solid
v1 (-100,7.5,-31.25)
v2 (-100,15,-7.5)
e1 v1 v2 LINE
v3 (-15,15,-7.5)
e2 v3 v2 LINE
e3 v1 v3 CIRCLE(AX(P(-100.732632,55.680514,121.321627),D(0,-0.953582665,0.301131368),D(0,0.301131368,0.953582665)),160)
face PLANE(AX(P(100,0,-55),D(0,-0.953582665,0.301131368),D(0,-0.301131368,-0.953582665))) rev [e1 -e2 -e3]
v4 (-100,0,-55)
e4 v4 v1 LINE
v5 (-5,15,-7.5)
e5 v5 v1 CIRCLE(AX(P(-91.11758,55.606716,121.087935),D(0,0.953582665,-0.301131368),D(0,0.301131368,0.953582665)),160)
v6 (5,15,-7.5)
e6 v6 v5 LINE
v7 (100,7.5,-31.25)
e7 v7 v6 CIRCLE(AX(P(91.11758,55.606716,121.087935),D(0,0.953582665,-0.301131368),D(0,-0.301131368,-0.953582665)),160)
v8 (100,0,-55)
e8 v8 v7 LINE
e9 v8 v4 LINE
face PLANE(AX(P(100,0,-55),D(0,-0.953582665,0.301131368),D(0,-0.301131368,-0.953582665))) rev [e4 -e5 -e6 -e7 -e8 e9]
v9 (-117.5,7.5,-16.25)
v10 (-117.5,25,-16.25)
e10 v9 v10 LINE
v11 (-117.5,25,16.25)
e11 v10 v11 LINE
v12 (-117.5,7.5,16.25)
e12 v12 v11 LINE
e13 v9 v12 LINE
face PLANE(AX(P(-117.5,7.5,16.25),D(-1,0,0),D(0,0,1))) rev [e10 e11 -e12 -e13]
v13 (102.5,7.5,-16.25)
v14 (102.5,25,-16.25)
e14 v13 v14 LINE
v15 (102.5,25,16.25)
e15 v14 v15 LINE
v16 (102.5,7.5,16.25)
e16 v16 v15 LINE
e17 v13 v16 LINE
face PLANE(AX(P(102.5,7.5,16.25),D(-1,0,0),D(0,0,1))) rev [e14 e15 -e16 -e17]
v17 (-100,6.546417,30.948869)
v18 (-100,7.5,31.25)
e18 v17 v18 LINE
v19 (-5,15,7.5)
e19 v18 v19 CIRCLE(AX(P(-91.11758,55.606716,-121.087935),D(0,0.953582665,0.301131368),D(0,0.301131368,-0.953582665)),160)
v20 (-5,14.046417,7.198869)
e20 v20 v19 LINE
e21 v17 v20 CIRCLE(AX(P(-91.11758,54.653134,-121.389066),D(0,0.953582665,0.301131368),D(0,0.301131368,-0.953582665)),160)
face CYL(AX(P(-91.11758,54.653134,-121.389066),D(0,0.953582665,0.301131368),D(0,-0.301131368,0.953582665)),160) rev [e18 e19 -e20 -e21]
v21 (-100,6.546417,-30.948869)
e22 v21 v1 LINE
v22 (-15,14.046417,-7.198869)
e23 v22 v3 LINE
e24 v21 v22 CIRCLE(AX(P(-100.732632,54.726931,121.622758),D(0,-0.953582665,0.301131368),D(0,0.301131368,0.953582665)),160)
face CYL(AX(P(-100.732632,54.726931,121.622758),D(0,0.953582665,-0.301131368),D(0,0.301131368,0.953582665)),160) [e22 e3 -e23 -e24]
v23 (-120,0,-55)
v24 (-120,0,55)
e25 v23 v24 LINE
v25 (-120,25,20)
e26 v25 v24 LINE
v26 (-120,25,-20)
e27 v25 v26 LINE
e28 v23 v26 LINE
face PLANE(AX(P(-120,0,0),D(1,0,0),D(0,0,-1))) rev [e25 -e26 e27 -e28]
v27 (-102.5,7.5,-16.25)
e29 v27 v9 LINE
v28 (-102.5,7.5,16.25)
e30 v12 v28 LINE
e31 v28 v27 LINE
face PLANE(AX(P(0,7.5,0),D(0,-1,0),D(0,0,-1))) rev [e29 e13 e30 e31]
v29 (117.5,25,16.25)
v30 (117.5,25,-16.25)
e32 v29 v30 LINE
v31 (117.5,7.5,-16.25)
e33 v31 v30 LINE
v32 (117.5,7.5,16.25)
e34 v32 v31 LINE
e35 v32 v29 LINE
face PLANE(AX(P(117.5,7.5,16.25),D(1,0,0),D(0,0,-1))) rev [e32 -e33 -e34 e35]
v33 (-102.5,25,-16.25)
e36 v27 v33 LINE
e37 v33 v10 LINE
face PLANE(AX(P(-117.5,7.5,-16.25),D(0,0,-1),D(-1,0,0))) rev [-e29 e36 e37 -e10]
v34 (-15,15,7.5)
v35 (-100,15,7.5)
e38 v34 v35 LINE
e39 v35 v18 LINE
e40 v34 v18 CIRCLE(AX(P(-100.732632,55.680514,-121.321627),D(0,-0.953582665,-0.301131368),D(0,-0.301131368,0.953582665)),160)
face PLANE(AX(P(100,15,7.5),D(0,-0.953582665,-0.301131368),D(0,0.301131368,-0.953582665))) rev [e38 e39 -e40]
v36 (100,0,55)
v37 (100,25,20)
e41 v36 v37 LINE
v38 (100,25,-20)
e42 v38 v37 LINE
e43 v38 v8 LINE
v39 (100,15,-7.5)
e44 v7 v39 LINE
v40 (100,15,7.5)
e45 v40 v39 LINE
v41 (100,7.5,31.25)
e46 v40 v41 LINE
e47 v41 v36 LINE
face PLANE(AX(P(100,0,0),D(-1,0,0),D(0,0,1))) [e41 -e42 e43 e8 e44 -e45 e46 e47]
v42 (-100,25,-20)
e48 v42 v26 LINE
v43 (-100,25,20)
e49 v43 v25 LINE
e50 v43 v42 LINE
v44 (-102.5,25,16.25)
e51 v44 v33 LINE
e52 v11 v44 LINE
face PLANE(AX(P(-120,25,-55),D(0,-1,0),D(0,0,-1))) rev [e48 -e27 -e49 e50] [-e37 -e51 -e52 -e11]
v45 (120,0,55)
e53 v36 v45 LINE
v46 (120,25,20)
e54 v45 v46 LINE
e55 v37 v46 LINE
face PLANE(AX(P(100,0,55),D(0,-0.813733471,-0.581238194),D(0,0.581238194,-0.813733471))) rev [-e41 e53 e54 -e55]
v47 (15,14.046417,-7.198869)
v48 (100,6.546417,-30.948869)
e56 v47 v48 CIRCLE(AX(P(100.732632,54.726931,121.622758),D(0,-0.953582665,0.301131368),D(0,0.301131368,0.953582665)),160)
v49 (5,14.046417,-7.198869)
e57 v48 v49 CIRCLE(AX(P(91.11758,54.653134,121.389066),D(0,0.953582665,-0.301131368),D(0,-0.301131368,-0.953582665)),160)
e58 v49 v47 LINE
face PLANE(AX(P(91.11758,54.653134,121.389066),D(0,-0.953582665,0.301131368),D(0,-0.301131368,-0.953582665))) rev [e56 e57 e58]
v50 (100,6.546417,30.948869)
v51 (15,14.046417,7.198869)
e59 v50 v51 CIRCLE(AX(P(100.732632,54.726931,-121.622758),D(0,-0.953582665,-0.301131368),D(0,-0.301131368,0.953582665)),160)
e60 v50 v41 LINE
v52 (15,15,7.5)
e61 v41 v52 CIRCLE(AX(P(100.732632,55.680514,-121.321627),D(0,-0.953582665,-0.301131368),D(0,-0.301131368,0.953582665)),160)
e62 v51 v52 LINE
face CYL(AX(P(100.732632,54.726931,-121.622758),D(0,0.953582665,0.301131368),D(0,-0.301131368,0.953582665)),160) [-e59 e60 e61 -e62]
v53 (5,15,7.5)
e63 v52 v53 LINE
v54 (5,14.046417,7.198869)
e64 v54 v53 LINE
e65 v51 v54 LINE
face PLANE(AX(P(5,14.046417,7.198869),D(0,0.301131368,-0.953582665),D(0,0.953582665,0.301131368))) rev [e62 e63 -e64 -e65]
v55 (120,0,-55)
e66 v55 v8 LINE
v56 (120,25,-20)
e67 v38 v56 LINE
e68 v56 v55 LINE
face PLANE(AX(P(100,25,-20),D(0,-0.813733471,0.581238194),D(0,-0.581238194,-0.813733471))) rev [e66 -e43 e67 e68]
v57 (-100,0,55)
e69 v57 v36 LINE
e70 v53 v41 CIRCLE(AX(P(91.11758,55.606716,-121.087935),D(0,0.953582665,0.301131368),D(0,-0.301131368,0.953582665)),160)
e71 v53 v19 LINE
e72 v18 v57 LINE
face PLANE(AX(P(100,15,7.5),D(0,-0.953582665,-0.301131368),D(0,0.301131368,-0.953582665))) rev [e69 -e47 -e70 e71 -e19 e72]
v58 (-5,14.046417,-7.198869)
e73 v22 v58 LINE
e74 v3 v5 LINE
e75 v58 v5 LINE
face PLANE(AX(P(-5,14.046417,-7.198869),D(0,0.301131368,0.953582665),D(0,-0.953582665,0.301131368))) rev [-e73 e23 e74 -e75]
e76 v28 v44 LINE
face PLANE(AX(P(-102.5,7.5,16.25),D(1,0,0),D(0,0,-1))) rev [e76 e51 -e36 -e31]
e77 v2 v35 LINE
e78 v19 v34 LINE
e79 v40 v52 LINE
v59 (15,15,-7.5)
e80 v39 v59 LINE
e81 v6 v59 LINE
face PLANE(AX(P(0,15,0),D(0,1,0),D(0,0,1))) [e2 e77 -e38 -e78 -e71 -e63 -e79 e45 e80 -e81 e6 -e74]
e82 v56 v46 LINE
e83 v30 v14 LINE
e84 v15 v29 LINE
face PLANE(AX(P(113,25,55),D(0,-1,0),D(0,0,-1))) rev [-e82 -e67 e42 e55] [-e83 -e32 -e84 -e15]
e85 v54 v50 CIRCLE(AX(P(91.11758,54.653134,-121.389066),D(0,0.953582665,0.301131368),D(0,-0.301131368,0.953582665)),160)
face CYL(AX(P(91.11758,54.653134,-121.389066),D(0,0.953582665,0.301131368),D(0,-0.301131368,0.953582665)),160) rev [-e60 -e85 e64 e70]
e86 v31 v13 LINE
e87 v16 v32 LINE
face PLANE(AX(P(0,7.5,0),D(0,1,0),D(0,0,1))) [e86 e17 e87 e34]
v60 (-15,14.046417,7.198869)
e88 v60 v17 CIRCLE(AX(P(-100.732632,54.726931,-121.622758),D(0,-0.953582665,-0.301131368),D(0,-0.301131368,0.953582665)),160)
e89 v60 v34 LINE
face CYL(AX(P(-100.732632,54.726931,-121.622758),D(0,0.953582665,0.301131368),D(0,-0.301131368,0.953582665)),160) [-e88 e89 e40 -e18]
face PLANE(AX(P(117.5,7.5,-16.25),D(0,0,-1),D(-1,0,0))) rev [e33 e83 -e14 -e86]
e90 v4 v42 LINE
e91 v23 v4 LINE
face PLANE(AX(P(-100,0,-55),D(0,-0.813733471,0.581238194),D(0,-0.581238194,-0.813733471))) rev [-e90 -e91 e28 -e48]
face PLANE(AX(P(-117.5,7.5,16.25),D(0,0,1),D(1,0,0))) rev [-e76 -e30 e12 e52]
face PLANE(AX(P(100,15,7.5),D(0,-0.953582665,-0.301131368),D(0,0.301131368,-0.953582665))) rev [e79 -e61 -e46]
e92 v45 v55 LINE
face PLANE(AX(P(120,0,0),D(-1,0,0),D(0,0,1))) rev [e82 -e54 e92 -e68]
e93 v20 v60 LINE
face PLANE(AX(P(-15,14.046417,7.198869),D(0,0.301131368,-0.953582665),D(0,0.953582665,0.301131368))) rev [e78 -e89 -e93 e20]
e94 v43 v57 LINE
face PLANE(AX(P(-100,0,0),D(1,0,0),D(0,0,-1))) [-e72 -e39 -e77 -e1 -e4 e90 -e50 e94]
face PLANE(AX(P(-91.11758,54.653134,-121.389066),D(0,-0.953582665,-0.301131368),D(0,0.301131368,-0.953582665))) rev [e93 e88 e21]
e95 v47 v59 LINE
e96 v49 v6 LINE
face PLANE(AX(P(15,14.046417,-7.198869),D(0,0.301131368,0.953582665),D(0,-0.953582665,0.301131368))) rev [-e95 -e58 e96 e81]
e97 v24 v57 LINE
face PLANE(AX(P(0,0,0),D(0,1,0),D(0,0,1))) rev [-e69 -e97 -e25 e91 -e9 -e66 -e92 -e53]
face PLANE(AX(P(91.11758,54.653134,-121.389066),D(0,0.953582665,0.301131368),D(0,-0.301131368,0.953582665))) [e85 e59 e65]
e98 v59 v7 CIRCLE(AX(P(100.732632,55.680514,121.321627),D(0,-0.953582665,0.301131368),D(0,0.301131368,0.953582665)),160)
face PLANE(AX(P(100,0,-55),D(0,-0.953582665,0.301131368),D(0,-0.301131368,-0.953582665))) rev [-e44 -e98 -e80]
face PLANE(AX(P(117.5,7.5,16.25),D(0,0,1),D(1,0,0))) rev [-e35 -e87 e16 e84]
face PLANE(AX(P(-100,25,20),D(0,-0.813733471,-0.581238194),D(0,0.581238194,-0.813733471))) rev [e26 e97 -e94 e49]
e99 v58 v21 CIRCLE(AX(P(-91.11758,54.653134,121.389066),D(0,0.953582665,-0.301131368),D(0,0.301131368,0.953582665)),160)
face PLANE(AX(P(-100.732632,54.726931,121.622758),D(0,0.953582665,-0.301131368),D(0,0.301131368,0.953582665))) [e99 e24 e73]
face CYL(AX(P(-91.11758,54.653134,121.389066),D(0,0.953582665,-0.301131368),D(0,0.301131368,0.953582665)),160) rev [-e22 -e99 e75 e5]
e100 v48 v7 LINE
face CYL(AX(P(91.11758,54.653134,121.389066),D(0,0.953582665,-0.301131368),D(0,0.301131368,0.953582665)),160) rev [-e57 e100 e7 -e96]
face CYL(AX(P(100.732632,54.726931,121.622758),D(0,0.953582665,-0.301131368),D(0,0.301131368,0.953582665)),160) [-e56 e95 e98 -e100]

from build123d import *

# Parameters (mm, degrees)
SKETCH2_W           = 200
SKETCH2_H           = 110
BOSS_EXTRUDE2_DEPTH = 15
SKETCH3_W           = 110
SKETCH3_H           = 25
BOSS_EXTRUDE3_DEPTH = 13
CUT_EXTRUDE1_DEPTH  = 200
SKETCH8_W           = 110
SKETCH8_H           = 25
BOSS_EXTRUDE5_DEPTH = 7
SKETCH9_W           = 15
SKETCH9_H           = 32.5
CUT_EXTRUDE2_DEPTH  = 17.5
SKETCH10_W          = 110
SKETCH10_H          = 25
BOSS_EXTRUDE6_DEPTH = 20
SKETCH11_W          = 15
SKETCH11_H          = 32.5
CUT_EXTRUDE3_DEPTH  = 17.5
CUT_EXTRUDE4_DEPTH  = 20
CUT_EXTRUDE5_DEPTH  = 20
CUT_EXTRUDE11_DEPTH = 1
CUT_EXTRUDE12_DEPTH = 1


with BuildPart() as part:
    # Sketch2 → Boss-Extrude2 (new body)
    with BuildSketch(Plane(origin=(0, 0, 0), x_dir=(1, 0, 0), z_dir=(0, 1, 0))):
        Rectangle(SKETCH2_W, SKETCH2_H)
    extrude(amount=BOSS_EXTRUDE2_DEPTH)

    # Sketch3 → Boss-Extrude3 (add)
    with BuildSketch(Plane(origin=(100, 0, 0), x_dir=(0, 0, -1), z_dir=(1, 0, 0))):
        with Locations((0, 12.5)):
            Rectangle(SKETCH3_W, SKETCH3_H)
    extrude(amount=BOSS_EXTRUDE3_DEPTH)

    # Sketch6 → Cut-Extrude1 (cut)
    with BuildSketch(Plane.ZY.offset(100)):
        Polygon((-55, 0), (-7.5, 15), (-55, 15), align=None)
        Polygon((7.5, 15), (55, 0), (55, 15), align=None)
    extrude(amount=-CUT_EXTRUDE1_DEPTH, mode=Mode.SUBTRACT)

    # Sketch8 → Boss-Extrude5 (add)
    with BuildSketch(Plane(origin=(113, 0, 0), x_dir=(0, 0, -1), z_dir=(1, 0, 0))):
        with Locations((0, 12.5)):
            Rectangle(SKETCH8_W, SKETCH8_H)
    extrude(amount=BOSS_EXTRUDE5_DEPTH)

    # Sketch9 → Cut-Extrude2 (cut)
    with BuildSketch(Plane(origin=(0, 25, 0), x_dir=(1, 0, 0), z_dir=(0, 1, 0))):
        with Locations((110, 0)):
            Rectangle(SKETCH9_W, SKETCH9_H)
    extrude(amount=-CUT_EXTRUDE2_DEPTH, mode=Mode.SUBTRACT)

    # Sketch10 → Boss-Extrude6 (add)
    with BuildSketch(Plane.ZY.offset(100)):
        with Locations((0, 12.5)):
            Rectangle(SKETCH10_W, SKETCH10_H)
    extrude(amount=BOSS_EXTRUDE6_DEPTH)

    # Sketch11 → Cut-Extrude3 (cut)
    with BuildSketch(Plane(origin=(0, 25, 0), x_dir=(1, 0, 0), z_dir=(0, 1, 0))):
        with Locations((-110, 0)):
            Rectangle(SKETCH11_W, SKETCH11_H)
    extrude(amount=-CUT_EXTRUDE3_DEPTH, mode=Mode.SUBTRACT)

    # Sketch12 → Cut-Extrude4 (cut)
    with BuildSketch(Plane.ZY.offset(120)):
        Polygon((20, 25), (55, 0), (55, 25), align=None)
        Polygon((-20, 25), (-55, 25), (-55, 0), align=None)
    extrude(amount=-CUT_EXTRUDE4_DEPTH, mode=Mode.SUBTRACT)

    # Sketch13 → Cut-Extrude5 (cut)
    with BuildSketch(Plane(origin=(120, 0, 0), x_dir=(0, 0, -1), z_dir=(1, 0, 0))):
        Polygon((-20, 25), (-55, 25), (-55, 0), align=None)
        Polygon((20, 25), (55, 0), (55, 25), align=None)
    extrude(amount=-CUT_EXTRUDE5_DEPTH, mode=Mode.SUBTRACT)

    # Sketch17 → Cut-Extrude11 (cut)
    with BuildSketch(Plane(origin=(0, 15.793450882, 4.987405542), x_dir=(1, 0, 0), z_dir=(0, 0.953582665, 0.301131368))):
        with BuildLine():
            Line((-15, -2.634899469), (-5, -2.634899469))
            ThreePointArc((-5, -2.634899469), (-50.541779196, -22.5572379), (-100, -27.540973026))
            ThreePointArc((-100, -27.540973026), (-55.742204199, -21.086980727), (-15, -2.634899469))
        make_face()
        with BuildLine():
            Line((5, -2.634899469), (15, -2.634899469))
            ThreePointArc((15, -2.634899469), (55.742204199, -21.086980727), (100, -27.540973026))
            ThreePointArc((100, -27.540973026), (50.541779196, -22.5572379), (5, -2.634899469))
        make_face()
    extrude(amount=-CUT_EXTRUDE11_DEPTH, mode=Mode.SUBTRACT)

    # Sketch18 → Cut-Extrude12 (cut)
    with BuildSketch(Plane(origin=(0, 15.793450882, -4.987405542), x_dir=(1, 0, 0), z_dir=(0, 0.953582665, -0.301131368))):
        with BuildLine():
            Line((15, 2.634899469), (5, 2.634899469))
            ThreePointArc((5, 2.634899469), (50.541779196, 22.5572379), (100, 27.540973026))
            ThreePointArc((100, 27.540973026), (55.742204199, 21.086980727), (15, 2.634899469))
        make_face()
        with BuildLine():
            Line((-5, 2.634899469), (-15, 2.634899469))
            ThreePointArc((-15, 2.634899469), (-55.742204199, 21.086980727), (-100, 27.540973026))
            ThreePointArc((-100, 27.540973026), (-50.541779196, 22.5572379), (-5, 2.634899469))
        make_face()
    extrude(amount=-CUT_EXTRUDE12_DEPTH, mode=Mode.SUBTRACT)


solid = part.part
